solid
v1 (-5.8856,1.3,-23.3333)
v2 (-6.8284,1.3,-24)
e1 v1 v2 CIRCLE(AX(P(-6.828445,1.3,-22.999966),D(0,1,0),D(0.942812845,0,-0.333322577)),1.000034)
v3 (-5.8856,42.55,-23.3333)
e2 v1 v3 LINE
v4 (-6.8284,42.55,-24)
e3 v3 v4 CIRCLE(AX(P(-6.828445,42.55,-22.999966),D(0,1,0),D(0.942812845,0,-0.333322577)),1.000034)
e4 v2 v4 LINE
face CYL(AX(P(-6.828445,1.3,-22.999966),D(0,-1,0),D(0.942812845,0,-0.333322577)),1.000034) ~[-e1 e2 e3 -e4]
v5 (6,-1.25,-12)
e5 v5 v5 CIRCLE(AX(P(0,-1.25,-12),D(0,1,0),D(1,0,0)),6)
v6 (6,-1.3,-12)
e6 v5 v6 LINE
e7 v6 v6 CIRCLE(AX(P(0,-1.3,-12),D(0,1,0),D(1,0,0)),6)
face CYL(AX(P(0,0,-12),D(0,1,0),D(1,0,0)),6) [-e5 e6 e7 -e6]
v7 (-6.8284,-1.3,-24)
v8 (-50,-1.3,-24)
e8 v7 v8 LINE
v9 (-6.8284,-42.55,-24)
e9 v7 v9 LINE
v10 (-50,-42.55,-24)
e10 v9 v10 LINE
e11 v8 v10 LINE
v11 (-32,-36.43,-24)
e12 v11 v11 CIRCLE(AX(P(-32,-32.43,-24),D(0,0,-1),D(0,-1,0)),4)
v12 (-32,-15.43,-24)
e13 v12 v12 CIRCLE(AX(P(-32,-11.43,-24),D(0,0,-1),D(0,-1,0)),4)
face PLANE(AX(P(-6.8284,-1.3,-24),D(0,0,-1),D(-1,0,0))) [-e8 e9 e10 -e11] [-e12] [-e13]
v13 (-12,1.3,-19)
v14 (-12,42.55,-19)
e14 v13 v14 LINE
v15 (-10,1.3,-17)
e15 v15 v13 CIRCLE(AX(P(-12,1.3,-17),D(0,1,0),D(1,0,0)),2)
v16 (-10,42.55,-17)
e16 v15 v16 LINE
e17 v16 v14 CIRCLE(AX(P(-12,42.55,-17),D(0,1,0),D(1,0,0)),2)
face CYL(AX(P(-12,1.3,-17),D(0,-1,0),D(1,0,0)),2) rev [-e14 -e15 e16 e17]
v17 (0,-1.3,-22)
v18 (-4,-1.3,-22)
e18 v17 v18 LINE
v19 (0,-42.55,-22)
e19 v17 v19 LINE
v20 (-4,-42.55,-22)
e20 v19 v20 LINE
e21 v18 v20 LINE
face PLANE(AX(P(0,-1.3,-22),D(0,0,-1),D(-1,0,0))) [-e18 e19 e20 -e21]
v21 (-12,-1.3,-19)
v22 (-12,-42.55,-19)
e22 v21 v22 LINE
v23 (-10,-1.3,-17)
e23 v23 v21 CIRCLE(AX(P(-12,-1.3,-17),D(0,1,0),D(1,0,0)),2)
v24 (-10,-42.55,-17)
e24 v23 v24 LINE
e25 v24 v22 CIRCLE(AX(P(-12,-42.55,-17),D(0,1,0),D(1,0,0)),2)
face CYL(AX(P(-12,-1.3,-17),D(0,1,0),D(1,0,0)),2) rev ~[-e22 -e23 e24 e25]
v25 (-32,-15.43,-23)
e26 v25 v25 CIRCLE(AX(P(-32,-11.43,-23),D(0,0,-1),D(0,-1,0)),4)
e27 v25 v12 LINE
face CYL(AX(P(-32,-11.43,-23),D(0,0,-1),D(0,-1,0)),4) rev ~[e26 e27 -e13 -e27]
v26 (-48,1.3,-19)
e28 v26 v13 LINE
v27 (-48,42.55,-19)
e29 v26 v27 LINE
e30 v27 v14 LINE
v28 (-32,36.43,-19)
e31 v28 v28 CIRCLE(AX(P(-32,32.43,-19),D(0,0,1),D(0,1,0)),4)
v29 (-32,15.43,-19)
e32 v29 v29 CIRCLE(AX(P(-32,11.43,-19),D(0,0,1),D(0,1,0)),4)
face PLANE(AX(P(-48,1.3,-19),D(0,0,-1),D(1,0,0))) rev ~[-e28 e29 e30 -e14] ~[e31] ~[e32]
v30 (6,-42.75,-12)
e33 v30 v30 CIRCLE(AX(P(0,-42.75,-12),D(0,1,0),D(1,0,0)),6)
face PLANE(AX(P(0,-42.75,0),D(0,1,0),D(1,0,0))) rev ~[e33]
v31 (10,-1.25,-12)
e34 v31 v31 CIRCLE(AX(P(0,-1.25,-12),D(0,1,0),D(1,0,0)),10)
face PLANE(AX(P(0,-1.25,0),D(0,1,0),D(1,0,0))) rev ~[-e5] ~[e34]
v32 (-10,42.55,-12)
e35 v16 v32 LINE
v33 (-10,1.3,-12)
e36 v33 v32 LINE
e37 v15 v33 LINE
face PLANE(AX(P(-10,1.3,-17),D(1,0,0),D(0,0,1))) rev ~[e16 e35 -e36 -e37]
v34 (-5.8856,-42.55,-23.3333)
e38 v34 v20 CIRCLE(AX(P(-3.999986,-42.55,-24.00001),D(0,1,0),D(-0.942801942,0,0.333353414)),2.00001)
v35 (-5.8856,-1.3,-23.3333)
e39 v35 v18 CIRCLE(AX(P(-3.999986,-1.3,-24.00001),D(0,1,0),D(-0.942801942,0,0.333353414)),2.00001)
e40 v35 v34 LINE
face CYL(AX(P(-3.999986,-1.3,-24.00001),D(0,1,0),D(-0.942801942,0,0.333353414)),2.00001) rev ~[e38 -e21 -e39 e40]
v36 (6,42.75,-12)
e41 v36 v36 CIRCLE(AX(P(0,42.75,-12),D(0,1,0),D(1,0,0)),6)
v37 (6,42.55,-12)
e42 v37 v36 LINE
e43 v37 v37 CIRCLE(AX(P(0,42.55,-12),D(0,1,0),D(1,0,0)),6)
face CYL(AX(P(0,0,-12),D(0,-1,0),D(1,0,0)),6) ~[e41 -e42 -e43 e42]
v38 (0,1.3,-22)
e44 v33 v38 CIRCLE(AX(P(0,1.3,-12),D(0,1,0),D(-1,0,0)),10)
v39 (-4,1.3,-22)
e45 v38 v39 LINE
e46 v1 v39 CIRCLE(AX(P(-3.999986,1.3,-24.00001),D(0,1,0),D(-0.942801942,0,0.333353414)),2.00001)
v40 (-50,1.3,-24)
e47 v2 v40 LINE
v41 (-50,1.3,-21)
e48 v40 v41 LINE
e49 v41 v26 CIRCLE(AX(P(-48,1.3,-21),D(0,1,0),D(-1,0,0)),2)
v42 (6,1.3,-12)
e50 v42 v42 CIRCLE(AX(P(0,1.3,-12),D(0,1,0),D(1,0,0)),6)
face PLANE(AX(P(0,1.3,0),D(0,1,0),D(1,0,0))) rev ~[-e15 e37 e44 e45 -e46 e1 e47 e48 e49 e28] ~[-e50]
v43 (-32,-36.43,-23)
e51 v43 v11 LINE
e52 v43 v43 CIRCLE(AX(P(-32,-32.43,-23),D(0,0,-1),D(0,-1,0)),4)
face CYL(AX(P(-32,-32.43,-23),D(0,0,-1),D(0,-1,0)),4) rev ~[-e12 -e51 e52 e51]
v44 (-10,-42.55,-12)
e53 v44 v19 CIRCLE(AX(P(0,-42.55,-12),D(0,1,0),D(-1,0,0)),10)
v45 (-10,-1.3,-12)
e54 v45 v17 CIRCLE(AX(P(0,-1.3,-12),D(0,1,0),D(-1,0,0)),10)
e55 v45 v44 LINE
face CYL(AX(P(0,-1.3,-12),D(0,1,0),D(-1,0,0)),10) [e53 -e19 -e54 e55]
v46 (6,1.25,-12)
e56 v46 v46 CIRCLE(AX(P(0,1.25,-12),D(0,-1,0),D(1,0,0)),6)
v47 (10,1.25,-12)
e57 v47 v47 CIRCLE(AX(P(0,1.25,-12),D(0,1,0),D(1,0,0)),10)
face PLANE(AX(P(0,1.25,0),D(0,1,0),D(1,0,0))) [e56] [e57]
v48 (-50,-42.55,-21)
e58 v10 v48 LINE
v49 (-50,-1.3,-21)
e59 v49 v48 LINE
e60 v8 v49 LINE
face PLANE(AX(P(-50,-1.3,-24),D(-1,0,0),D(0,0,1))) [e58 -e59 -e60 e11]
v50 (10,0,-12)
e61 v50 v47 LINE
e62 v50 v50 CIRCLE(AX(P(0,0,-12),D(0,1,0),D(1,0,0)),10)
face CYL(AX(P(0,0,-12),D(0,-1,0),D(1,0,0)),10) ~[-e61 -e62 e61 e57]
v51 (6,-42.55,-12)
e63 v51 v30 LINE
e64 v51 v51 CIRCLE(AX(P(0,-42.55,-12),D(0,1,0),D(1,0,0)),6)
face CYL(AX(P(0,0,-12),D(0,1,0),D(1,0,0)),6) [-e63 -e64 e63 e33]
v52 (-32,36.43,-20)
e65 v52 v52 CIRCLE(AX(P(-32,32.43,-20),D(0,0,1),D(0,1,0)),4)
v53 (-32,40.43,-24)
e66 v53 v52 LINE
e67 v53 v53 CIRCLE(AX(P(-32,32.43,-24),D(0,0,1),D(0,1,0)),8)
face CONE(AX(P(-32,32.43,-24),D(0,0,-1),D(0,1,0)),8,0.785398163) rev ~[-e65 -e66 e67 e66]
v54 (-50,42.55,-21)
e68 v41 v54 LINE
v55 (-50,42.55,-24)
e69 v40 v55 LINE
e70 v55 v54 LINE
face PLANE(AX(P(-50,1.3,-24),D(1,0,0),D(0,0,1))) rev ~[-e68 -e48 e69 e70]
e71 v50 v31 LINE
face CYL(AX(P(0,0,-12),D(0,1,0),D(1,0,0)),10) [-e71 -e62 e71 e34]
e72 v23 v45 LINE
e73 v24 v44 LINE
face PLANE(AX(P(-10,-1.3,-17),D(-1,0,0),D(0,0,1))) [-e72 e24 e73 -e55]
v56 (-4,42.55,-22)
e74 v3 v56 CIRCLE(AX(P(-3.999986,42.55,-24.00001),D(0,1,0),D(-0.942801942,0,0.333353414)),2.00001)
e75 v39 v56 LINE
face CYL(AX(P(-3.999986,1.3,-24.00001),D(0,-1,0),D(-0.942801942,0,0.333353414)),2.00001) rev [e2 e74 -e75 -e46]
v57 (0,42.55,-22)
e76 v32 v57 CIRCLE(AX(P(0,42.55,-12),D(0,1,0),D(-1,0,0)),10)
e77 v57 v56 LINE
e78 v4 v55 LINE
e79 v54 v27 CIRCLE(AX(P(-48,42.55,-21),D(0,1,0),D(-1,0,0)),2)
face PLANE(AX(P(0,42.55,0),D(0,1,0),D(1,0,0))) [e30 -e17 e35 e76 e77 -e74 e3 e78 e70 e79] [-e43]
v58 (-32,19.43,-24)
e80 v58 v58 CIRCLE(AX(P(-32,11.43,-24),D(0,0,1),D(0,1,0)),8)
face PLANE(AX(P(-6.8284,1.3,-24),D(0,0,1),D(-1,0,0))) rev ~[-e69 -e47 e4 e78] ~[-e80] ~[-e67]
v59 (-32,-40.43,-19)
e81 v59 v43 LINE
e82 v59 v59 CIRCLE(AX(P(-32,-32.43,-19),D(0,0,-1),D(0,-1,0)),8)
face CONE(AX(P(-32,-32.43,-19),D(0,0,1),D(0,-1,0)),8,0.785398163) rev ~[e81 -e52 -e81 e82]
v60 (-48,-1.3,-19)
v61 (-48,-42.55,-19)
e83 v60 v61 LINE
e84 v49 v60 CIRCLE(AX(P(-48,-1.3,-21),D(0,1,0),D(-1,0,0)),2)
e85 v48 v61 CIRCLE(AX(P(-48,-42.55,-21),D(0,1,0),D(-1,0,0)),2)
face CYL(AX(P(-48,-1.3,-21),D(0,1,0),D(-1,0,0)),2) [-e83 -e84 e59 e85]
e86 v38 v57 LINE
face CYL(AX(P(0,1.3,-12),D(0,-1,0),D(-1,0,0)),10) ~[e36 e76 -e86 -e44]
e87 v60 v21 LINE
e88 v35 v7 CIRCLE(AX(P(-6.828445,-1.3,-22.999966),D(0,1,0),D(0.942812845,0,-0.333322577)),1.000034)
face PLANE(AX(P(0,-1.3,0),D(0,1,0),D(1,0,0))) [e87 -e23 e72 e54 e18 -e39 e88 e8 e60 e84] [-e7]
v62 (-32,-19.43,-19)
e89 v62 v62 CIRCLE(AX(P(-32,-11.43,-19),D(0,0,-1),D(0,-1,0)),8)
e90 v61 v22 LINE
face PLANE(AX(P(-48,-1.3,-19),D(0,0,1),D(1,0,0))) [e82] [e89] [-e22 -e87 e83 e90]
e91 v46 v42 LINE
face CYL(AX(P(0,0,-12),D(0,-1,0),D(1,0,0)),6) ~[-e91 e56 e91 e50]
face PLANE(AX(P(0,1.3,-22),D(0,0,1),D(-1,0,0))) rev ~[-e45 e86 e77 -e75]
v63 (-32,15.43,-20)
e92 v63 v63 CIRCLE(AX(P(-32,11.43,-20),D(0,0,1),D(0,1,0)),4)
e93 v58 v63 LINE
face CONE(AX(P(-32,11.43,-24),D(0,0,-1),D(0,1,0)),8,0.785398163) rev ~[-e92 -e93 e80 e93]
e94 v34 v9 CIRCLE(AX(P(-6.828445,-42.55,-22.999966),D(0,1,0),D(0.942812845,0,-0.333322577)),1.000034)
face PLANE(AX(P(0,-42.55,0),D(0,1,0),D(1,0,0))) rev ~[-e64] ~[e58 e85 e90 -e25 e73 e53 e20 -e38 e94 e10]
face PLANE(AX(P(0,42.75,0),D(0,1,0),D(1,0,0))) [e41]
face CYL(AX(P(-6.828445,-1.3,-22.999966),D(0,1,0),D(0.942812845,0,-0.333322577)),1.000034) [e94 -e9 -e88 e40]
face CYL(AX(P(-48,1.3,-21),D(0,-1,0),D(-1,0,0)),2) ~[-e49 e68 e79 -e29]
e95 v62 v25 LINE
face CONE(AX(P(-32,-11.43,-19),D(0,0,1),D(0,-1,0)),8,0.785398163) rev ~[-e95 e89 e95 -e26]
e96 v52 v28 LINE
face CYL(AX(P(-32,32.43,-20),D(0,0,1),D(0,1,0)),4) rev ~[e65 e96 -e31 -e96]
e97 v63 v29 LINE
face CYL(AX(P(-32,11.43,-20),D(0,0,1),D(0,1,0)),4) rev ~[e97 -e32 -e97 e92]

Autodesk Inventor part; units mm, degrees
sketch "Skizze_34" plane through (0, 0, 0) normal (0, 1, 0) x (1, 0, 0)
  circle A0 centre (0, 12) radius 10
extrude "Extrusion1" add sketch "Skizze_34" along normal mid plane 2.5
sketch "Skizze_35" plane through (0, 0, 0) normal (0, 1, 0) x (1, 0, 0)
  circle A0 centre (0, 12) radius 6
extrude "Extrusion2" add sketch "Skizze_35" along normal mid plane 85.5
sketch "Skizze_36" plane through (0, -1.3, 0) normal (0, 1, 0) x (1, 0, 0)
  line L0 (-50, 24) -> (-50, 21)
  arc A0 (-50, 21) -> (-48, 19) centre (-48, 21) ccw
  line L1 (-48, 19) -> (-12, 19)
  arc A1 (-10, 17) -> (-12, 19) centre (-12, 17) ccw
  line L2 (-10, 17) -> (-10, 12)
  arc A2 (-10, 12) -> (0, 22) centre (0, 12) ccw
  line L3 (0, 22) -> (-4, 22)
  arc A3 (-5.8856, 23.3333) -> (-4, 22) centre (-4, 24) ccw
  arc A4 (-5.8856, 23.3333) -> (-6.8284, 24) centre (-6.8284, 23) ccw
  line L4 (-6.8284, 24) -> (-50, 24)
  circle A5 centre (0, 12) radius 6
extrude "Extrusion3" add sketch "Skizze_36" against normal blind 41.25
sketch "Skizze_37" plane through (0, 1.3, 0) normal (0, 1, 0) x (1, 0, 0)
  line L0 (-50, 24) -> (-50, 21)
  arc A0 (-50, 21) -> (-48, 19) centre (-48, 21) ccw
  line L1 (-48, 19) -> (-12, 19)
  arc A1 (-10, 17) -> (-12, 19) centre (-12, 17) ccw
  line L2 (-10, 17) -> (-10, 12)
  arc A2 (-10, 12) -> (0, 22) centre (0, 12) ccw
  line L3 (0, 22) -> (-4, 22)
  arc A3 (-5.8856, 23.3333) -> (-4, 22) centre (-4, 24) ccw
  arc A4 (-5.8856, 23.3333) -> (-6.8284, 24) centre (-6.8284, 23) ccw
  line L4 (-6.8284, 24) -> (-50, 24)
  circle A5 centre (0, 12) radius 6
extrude "Extrusion4" add sketch "Skizze_37" along normal blind 41.25
sketch "Sketch5" plane through (-6.8284, 1.3, -24) normal (0, 0, -1) x (-1, 0, 0)
  point P0 (25.1716, 10.13)
hole "Drilling 1" at (-32, 11.43, -24) direction (0, 0, 1) diameter 8 depth 5 countersink diameter 16 countersink angle 90
sketch "Sketch6" plane through (-6.8284, 1.3, -24) normal (0, 0, -1) x (-1, 0, 0)
  point P0 (25.1716, 31.13)
hole "Drilling 2" at (-32, 32.43, -24) direction (0, 0, 1) diameter 8 depth 5 countersink diameter 16 countersink angle 90
sketch "Sketch7" plane through (-48, -1.3, -19) normal (0, 0, 1) x (1, 0, 0)
  point P0 (16, -10.13)
hole "Drilling 3" at (-32, -11.43, -19) direction (0, 0, -1) diameter 8 depth 5 countersink diameter 16 countersink angle 90
sketch "Sketch8" plane through (-48, -1.3, -19) normal (0, 0, 1) x (1, 0, 0)
  point P0 (16, -31.13)
hole "Drilling 4" at (-32, -32.43, -19) direction (0, 0, -1) diameter 8 depth 5 countersink diameter 16 countersink angle 90
ref_plane "side_2a_XY" through (-32, -21.925, -19) normal (0, 0, 1) x (1, 0, 0)
ref_plane "side_2a_YZ" through (-32, -21.925, -19) normal (1, 0, 0) x (0, 1, 0)
ref_plane "side_2a_ZX" through (-32, -21.925, -19) normal (0, 1, 0) x (0, 0, 1)
ref_plane "side_2b_XY" through (-32, -21.925, -24) normal (0, 0, -1) x (1, 0, 0)
ref_plane "side_2b_YZ" through (-32, -21.925, -24) normal (1, 0, 0) x (0, -1, 0)
ref_plane "side_2b_ZX" through (-32, -21.925, -24) normal (0, -1, 0) x (0, 0, -1)
ref_plane "side_1b_XY" through (-32, 21.925, -19) normal (0, 0, 1) x (1, 0, 0)
ref_plane "side_1b_YZ" through (-32, 21.925, -19) normal (1, 0, 0) x (0, 1, 0)
ref_plane "side_1b_ZX" through (-32, 21.925, -19) normal (0, 1, 0) x (0, 0, 1)
ref_plane "side_3b_XY" through (-32, 21.925, -19) normal (0, 0, 1) x (1, 0, 0)
ref_plane "side_3b_YZ" through (-32, 21.925, -19) normal (1, 0, 0) x (0, 1, 0)
ref_plane "side_3b_ZX" through (-32, 21.925, -19) normal (0, 1, 0) x (0, 0, 1)
ref_plane "side_1a_XY" through (-32, 21.925, -24) normal (0, 0, -1) x (1, 0, 0)
ref_plane "side_1a_YZ" through (-32, 21.925, -24) normal (1, 0, 0) x (0, -1, 0)
ref_plane "side_1a_ZX" through (-32, 21.925, -24) normal (0, -1, 0) x (0, 0, -1)
ref_plane "side_3a_XY" through (-32, 21.925, -24) normal (0, 0, -1) x (1, 0, 0)
ref_plane "side_3a_YZ" through (-32, 21.925, -24) normal (1, 0, 0) x (0, -1, 0)
ref_plane "side_3a_ZX" through (-32, 21.925, -24) normal (0, -1, 0) x (0, 0, -1)
properties part number "MayTec 1.62.842032085_Alu hinges, heavy, type 20 PG 40 (0)"
